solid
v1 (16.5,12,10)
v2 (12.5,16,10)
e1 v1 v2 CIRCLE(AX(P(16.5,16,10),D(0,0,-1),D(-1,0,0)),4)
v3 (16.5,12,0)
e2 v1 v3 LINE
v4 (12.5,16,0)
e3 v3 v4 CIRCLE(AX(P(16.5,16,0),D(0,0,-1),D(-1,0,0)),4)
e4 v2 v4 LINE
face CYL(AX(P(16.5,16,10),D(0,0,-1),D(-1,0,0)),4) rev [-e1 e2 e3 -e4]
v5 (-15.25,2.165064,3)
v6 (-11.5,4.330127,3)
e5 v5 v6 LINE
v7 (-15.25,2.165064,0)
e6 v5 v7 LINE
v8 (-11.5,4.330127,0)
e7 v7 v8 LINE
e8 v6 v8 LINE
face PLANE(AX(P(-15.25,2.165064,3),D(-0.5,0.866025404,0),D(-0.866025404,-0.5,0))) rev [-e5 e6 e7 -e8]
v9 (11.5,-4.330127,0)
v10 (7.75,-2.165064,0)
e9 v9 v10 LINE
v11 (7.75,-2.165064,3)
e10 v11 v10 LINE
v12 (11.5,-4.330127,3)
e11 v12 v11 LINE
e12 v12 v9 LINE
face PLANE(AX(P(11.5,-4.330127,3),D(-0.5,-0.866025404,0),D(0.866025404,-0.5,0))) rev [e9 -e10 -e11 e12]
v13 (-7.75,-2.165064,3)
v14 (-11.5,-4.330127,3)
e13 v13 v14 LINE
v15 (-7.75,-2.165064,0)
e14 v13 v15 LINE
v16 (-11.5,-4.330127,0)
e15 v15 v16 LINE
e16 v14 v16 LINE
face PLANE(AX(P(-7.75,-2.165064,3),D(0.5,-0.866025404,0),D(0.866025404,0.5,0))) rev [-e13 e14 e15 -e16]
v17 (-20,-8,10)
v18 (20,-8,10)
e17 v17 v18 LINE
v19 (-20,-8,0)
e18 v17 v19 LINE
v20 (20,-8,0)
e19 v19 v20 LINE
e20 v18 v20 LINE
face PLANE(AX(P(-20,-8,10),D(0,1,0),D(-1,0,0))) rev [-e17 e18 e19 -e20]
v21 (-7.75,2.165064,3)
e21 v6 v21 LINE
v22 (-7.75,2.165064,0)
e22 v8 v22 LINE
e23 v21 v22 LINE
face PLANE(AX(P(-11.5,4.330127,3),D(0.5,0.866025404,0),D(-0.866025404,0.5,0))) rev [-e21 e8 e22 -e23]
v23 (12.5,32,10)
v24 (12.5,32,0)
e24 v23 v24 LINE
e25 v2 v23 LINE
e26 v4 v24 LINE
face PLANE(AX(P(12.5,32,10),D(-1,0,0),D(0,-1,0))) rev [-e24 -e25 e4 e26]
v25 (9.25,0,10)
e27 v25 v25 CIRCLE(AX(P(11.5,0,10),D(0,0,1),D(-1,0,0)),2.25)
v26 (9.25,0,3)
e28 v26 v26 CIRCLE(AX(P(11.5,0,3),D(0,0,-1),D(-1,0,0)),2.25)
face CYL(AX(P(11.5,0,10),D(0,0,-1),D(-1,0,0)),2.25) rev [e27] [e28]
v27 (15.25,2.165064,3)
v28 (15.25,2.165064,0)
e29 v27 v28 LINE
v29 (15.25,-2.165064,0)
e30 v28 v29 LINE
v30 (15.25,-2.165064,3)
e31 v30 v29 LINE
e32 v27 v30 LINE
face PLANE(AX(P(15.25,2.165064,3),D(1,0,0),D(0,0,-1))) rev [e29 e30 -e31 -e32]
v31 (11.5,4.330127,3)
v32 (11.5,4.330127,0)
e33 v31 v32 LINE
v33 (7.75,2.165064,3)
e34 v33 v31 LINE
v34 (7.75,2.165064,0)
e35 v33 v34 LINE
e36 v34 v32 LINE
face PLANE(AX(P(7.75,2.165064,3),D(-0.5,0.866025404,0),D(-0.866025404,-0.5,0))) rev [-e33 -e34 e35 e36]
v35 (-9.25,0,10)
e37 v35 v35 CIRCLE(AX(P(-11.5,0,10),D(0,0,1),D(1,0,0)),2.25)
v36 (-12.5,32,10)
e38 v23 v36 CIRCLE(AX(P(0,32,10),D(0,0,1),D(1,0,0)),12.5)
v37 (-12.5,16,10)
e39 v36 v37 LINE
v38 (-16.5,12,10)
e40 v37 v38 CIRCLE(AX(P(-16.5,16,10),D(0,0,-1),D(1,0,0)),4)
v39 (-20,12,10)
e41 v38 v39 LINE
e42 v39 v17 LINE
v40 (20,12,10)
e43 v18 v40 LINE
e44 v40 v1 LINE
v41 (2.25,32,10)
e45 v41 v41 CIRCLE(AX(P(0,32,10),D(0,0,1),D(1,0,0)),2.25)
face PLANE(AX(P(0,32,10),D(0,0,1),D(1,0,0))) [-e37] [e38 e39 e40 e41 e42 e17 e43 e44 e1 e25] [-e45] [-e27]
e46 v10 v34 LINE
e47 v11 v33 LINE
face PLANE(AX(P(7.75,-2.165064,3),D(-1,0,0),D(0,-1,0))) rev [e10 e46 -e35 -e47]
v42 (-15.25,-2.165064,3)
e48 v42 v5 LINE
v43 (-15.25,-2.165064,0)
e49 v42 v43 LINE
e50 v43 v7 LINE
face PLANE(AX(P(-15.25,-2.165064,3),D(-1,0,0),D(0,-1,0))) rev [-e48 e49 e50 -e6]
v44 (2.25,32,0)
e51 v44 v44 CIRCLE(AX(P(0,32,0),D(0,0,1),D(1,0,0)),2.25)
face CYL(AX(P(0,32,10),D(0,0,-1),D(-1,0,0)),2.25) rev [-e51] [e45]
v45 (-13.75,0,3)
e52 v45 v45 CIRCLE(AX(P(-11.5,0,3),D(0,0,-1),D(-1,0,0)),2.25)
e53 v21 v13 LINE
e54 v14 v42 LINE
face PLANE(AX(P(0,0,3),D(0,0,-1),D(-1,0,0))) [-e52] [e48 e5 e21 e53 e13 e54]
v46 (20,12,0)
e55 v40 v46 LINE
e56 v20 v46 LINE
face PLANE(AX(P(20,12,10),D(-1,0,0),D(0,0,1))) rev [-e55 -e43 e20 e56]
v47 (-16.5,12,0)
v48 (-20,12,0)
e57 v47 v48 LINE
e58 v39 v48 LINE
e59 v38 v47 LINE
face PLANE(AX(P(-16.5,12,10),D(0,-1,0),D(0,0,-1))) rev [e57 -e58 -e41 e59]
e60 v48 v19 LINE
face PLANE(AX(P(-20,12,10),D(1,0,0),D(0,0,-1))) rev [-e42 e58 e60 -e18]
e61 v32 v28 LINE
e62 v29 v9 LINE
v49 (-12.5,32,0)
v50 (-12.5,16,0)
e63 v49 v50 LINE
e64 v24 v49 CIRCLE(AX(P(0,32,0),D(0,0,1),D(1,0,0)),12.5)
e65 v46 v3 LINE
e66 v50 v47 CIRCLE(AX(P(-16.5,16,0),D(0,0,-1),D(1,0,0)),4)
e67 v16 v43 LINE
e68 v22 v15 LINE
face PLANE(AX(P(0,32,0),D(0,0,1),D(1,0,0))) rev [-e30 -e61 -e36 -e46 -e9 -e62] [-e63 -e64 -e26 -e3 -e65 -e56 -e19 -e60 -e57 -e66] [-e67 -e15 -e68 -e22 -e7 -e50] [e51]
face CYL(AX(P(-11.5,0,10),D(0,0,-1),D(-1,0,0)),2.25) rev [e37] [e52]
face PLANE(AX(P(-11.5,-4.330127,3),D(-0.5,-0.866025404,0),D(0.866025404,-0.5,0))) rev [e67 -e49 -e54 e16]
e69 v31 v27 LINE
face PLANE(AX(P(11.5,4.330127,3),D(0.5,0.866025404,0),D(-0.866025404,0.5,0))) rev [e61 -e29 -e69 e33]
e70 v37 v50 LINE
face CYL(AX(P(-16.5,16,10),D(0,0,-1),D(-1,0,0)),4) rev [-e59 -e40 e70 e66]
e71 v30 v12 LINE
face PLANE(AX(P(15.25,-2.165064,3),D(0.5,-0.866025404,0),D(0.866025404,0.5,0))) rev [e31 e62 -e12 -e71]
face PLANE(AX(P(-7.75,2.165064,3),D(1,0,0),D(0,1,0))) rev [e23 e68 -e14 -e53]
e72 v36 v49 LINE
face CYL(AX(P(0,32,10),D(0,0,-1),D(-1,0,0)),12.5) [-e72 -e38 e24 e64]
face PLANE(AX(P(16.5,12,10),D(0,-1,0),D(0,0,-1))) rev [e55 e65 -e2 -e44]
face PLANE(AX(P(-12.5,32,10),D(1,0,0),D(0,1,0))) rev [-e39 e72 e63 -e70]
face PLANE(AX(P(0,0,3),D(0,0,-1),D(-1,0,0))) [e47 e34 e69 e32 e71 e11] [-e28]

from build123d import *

# Parameters (mm, degrees)
SKETCH_1_R          = 2.25
EXTRUDE_1_DEPTH     = 10
CUT_EXTRUDE_1_DEPTH = 3


with BuildPart() as part:
    # 草图1 → 凸台-拉伸1 (new body)
    with BuildSketch(Plane.XY):
        with BuildLine():
            Line((-20, 12), (-20, -8))
            Line((-20, -8), (20, -8))
            Line((20, -8), (20, 12))
            Line((20, 12), (16.5, 12))
            ThreePointArc((16.5, 12), (13.671572875, 13.171572875), (12.5, 16))
            Line((12.5, 16), (12.5, 32))
            ThreePointArc((12.5, 32), (0, 44.5), (-12.5, 32))
            Line((-12.5, 32), (-12.5, 16))
            ThreePointArc((-12.5, 16), (-13.671572875, 13.171572875), (-16.5, 12))
            Line((-16.5, 12), (-20, 12))
        make_face()
        with Locations((-11.5, 0)):
            Circle(SKETCH_1_R, mode=Mode.SUBTRACT)
        with Locations((11.5, 0)):
            Circle(SKETCH_1_R, mode=Mode.SUBTRACT)
        with Locations((0, 32)):
            Circle(SKETCH_1_R, mode=Mode.SUBTRACT)
    extrude(amount=EXTRUDE_1_DEPTH)

    # 草图2 → 切除-拉伸1 (cut)
    with BuildSketch(Plane(origin=(0, 0, 0), x_dir=(-1, 0, 0), z_dir=(0, 0, -1))):
        Polygon((-11.5, -4.330127019), (-7.75, -2.165063509), (-7.75, 2.165063509), (-11.5, 4.330127019), (-15.25, 2.165063509), (-15.25, -2.165063509), align=None)
        Polygon((11.5, -4.330127019), (15.25, -2.165063509), (15.25, 2.165063509), (11.5, 4.330127019), (7.75, 2.165063509), (7.75, -2.165063509), align=None)
    extrude(amount=-CUT_EXTRUDE_1_DEPTH, mode=Mode.SUBTRACT)


solid = part.part
